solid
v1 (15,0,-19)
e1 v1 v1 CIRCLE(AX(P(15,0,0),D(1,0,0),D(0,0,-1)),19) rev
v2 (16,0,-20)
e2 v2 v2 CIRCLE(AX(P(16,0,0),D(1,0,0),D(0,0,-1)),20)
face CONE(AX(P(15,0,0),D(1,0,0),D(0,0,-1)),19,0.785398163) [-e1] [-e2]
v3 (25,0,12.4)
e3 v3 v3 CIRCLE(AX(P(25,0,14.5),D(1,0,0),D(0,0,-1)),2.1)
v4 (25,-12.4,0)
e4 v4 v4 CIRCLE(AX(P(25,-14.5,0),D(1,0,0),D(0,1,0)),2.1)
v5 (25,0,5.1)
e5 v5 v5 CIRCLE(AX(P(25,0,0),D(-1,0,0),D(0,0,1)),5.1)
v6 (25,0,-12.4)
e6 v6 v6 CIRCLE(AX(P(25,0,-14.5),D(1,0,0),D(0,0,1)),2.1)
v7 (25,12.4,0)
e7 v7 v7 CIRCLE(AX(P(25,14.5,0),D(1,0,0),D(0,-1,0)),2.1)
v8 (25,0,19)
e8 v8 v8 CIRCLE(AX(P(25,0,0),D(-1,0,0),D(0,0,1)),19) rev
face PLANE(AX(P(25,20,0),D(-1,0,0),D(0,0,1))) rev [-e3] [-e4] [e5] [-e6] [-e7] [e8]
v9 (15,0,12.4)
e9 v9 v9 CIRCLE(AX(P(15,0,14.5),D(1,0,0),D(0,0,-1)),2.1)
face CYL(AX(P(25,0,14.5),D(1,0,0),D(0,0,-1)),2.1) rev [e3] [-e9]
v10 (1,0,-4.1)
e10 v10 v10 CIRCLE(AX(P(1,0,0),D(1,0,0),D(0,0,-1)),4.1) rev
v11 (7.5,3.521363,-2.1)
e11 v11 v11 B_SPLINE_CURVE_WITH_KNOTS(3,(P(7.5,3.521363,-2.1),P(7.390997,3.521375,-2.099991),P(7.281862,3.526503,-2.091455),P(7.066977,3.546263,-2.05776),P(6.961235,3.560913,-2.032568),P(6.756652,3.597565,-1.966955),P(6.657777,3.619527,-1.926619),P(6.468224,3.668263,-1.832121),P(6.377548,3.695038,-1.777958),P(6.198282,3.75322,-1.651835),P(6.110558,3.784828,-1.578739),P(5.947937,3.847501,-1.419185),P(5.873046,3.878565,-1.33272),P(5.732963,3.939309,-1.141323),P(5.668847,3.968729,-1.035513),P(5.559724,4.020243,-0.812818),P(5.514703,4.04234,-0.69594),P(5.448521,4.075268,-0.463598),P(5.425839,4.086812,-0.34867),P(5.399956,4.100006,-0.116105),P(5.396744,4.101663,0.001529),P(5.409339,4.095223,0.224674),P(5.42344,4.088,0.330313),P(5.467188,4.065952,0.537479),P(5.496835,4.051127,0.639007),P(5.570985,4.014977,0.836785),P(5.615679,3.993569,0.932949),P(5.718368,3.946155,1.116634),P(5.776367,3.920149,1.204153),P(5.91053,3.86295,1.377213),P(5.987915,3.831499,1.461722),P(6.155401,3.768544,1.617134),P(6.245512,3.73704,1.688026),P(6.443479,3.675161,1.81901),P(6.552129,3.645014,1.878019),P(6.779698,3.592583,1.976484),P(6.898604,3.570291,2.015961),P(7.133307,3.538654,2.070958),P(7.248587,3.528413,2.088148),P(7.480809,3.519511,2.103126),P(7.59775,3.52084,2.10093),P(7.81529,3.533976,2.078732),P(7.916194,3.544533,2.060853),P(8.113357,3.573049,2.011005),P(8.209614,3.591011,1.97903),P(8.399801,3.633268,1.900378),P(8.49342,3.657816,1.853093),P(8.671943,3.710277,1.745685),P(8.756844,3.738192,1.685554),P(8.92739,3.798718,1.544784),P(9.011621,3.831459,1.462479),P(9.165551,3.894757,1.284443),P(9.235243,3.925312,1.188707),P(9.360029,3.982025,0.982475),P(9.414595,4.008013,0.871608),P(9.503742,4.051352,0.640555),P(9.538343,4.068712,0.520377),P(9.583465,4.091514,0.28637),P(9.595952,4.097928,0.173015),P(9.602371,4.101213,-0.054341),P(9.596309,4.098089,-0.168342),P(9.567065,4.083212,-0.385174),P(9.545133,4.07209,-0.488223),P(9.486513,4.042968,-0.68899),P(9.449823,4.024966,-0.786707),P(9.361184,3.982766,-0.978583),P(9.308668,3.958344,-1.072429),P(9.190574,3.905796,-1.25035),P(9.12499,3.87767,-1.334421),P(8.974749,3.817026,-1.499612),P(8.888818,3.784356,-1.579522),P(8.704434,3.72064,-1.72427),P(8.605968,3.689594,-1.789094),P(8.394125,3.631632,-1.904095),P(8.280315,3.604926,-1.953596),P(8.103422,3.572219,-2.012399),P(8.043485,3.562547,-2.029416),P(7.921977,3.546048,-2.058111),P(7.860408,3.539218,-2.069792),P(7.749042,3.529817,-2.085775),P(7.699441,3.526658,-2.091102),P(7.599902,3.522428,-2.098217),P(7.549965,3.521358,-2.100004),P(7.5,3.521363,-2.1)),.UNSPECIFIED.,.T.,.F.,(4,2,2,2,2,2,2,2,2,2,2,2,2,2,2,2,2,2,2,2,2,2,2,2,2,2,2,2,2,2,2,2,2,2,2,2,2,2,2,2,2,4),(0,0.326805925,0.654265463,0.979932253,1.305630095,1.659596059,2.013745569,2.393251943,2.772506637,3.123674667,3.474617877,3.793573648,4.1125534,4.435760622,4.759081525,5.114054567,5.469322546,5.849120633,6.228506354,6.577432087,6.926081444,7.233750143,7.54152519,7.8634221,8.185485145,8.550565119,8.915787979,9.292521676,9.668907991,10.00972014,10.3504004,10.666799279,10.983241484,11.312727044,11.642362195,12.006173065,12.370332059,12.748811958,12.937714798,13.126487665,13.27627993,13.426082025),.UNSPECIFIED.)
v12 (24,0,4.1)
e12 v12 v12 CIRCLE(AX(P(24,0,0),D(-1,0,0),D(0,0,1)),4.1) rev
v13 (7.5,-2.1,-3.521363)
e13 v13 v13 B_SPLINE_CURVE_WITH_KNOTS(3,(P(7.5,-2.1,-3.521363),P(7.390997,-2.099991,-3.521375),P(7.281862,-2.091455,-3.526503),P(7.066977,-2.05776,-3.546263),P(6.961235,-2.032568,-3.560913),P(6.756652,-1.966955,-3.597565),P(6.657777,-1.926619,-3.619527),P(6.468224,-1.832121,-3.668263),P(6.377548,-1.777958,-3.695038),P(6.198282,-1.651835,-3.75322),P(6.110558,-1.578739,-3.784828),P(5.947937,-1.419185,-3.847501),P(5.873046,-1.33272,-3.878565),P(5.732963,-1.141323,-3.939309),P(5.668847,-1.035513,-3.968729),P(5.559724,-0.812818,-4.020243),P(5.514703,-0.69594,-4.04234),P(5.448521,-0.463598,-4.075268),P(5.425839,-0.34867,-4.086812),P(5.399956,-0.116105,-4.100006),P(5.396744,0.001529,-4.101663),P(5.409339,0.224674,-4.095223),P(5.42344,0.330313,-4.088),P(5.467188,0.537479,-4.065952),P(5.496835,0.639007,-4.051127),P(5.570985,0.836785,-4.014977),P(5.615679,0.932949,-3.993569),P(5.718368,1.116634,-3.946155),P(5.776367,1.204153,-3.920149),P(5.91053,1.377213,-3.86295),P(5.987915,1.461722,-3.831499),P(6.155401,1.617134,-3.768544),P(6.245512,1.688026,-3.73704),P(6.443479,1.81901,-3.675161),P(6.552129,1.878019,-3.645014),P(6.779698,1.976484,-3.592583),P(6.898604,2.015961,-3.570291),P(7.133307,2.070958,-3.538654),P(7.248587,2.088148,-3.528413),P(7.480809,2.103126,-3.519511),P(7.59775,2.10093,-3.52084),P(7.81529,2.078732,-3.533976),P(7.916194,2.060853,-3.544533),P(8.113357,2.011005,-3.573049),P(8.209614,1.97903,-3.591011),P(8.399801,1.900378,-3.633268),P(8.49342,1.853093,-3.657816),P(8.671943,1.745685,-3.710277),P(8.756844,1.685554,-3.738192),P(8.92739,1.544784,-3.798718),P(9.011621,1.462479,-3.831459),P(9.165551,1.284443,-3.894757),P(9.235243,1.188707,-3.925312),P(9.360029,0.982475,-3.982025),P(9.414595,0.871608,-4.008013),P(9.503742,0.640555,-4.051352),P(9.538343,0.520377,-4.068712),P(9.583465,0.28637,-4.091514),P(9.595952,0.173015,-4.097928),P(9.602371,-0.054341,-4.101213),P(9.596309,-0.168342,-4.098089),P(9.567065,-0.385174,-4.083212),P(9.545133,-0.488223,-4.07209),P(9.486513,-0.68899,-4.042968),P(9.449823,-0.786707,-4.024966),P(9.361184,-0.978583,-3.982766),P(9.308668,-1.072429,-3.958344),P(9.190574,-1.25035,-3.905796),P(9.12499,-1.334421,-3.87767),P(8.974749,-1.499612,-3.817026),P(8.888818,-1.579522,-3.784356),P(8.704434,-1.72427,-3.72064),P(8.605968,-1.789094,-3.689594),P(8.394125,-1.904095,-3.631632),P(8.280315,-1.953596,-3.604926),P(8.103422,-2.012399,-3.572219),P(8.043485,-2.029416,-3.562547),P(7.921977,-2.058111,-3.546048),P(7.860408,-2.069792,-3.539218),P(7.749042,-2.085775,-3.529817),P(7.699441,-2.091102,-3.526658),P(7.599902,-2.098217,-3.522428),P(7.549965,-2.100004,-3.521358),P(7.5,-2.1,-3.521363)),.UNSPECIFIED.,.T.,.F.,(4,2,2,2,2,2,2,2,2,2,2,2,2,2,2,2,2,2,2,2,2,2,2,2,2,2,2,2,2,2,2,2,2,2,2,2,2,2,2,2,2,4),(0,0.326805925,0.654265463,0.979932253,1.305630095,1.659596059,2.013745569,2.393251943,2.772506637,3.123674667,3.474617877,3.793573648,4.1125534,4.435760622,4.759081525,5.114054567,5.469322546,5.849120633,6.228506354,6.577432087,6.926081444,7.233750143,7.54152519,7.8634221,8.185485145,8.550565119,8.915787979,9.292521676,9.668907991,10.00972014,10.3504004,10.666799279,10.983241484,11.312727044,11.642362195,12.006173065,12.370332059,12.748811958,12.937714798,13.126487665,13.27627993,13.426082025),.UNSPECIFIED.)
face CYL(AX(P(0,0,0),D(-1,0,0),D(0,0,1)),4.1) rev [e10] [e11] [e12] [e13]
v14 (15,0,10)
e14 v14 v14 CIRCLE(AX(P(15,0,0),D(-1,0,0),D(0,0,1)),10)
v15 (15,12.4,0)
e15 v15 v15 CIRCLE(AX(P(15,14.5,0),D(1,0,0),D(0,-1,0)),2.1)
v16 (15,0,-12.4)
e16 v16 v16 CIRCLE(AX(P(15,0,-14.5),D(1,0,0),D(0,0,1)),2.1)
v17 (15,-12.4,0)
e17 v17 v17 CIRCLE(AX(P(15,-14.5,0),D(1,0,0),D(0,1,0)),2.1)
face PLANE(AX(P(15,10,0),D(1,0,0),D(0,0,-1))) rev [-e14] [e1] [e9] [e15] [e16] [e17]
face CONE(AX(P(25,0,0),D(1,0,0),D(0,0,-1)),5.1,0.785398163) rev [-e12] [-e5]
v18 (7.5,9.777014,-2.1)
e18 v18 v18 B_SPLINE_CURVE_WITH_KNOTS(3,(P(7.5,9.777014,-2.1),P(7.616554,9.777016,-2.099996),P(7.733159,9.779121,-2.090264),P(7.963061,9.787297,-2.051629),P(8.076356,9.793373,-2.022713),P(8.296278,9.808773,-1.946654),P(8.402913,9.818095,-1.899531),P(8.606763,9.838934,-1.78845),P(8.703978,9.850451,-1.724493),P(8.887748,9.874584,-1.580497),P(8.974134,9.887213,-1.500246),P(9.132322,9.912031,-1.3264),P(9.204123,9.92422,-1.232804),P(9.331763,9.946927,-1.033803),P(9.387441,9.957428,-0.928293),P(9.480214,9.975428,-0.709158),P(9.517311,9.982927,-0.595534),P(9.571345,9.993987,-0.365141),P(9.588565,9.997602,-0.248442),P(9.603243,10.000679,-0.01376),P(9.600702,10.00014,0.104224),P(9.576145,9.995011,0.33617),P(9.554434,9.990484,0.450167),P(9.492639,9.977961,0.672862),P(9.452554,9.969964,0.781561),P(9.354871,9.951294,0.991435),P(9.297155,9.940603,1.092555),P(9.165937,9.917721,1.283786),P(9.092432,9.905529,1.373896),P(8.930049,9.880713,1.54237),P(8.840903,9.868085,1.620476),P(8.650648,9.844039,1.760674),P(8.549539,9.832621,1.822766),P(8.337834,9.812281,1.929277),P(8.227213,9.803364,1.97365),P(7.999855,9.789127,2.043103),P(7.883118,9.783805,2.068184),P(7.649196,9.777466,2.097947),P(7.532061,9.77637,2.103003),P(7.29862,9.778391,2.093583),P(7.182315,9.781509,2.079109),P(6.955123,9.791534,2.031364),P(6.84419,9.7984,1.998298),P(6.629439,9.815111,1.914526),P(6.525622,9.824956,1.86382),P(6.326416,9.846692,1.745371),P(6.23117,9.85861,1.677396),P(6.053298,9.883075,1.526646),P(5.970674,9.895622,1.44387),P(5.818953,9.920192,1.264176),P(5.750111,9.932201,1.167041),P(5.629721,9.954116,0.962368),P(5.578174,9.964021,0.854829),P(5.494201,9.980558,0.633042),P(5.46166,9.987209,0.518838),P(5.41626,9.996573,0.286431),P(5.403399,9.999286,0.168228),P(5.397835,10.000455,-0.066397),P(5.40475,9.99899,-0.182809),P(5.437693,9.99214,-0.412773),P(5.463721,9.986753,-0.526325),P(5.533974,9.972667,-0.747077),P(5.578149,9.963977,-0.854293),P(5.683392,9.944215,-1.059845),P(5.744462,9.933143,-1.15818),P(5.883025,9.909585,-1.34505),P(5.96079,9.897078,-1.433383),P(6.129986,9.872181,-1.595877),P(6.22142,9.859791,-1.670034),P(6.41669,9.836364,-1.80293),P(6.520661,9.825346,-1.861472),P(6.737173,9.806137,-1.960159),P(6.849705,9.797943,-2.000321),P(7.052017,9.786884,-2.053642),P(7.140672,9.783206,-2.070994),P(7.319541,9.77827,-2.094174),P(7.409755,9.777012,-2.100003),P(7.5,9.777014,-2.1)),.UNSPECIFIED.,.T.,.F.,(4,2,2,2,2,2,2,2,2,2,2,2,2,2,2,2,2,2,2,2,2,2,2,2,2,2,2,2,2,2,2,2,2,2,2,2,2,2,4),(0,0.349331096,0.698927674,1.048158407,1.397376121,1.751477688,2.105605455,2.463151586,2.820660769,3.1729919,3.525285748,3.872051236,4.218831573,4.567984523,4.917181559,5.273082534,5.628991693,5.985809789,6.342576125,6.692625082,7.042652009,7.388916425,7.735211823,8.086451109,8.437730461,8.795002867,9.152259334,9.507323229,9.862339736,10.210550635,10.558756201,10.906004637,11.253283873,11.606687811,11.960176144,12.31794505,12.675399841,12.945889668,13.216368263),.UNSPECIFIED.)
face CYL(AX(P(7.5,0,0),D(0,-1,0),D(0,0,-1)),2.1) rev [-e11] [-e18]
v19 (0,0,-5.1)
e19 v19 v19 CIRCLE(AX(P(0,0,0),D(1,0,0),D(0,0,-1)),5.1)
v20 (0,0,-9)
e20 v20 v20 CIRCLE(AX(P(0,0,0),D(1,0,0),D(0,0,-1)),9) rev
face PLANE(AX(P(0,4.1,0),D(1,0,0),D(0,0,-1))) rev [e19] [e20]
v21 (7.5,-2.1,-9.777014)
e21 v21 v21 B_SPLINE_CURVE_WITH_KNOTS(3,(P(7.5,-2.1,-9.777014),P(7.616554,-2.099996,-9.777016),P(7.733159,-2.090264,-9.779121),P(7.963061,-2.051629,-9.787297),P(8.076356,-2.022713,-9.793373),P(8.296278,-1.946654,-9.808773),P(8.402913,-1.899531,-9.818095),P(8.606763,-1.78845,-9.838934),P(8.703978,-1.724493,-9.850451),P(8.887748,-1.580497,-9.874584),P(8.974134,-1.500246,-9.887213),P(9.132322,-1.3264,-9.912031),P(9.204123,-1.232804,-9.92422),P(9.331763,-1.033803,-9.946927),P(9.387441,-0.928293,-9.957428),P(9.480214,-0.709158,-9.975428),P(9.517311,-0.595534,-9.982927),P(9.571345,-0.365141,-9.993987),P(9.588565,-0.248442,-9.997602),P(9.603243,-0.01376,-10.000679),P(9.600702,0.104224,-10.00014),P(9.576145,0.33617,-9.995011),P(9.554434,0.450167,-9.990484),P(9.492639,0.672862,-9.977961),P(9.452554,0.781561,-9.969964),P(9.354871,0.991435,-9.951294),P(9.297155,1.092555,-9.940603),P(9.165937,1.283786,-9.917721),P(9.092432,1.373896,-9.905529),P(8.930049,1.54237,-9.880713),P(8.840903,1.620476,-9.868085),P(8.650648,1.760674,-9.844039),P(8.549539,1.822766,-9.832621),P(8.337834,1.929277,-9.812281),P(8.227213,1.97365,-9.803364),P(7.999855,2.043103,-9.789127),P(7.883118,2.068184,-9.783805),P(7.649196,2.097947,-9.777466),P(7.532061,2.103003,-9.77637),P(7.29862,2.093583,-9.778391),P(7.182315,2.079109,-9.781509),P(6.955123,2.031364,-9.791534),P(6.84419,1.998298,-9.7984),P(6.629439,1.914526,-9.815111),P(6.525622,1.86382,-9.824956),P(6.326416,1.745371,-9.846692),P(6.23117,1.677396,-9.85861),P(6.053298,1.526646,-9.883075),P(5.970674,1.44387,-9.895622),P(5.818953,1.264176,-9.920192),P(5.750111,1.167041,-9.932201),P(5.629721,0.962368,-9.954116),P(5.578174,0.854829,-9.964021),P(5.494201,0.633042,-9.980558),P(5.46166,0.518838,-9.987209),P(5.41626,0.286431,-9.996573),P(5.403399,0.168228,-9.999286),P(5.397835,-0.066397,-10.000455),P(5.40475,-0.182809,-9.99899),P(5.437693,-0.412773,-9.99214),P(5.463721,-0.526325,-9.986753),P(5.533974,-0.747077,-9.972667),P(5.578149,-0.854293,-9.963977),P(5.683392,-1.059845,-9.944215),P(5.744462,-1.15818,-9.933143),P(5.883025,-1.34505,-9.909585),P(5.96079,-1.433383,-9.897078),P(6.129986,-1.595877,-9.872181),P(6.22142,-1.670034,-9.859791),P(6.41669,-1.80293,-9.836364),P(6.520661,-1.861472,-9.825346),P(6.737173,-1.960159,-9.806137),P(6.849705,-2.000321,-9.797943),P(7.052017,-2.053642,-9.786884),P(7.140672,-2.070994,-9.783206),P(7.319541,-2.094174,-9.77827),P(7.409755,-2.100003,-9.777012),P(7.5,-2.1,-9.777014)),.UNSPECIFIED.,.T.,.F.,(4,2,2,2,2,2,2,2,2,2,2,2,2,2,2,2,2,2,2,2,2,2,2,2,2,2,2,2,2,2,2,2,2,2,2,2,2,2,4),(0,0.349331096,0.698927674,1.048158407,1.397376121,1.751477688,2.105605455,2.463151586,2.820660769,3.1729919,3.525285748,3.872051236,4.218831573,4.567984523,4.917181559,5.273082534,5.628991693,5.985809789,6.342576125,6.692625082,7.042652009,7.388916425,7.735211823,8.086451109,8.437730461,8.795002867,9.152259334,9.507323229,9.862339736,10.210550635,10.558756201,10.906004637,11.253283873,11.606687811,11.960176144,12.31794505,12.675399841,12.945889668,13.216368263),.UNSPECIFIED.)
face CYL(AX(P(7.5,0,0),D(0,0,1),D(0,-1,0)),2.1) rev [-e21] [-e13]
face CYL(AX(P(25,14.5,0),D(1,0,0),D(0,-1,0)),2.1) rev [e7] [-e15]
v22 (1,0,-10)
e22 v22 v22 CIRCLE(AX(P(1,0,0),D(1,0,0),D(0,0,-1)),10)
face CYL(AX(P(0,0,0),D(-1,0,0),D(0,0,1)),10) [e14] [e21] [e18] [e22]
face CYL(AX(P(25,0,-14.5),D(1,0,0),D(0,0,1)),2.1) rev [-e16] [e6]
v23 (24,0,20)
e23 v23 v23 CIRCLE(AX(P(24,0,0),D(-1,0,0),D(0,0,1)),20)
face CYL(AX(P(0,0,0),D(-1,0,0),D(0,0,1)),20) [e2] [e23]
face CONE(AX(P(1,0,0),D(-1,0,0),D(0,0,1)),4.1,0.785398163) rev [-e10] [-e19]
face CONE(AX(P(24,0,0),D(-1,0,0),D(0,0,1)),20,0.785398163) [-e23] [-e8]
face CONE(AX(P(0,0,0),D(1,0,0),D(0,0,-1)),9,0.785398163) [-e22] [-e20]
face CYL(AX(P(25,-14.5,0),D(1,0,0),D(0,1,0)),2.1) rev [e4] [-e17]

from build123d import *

# Parameters (mm, degrees)
M5X0_8_TAPPED_HOLE1_D = 4.2
CIRPATTERN1_COUNT     = 4
SKETCH6_W             = 2.1
SKETCH6_H             = 20
CIRPATTERN2_COUNT     = 2
CIRPATTERN2_ANGLE     = 90
CHAMFER1_SIZE         = 1


with BuildPart() as part:
    # Sketch1 → Revolve1 (revolve)
    with BuildSketch(Plane.XY):
        Polygon((0, 4.1), (0, 10), (15, 10), (15, 20), (25, 20), (25, 4.1), align=None)
    revolve(axis=Axis((0, 0, 0), (1, 0, 0)))

    # M5x0.8 Tapped Hole1 (through all)
    with Locations(Plane(origin=(25, 0, 0), x_dir=(0, 0, -1), z_dir=(1, 0, 0))):
        with Locations((-14.5, 0)):
            m5x0_8_tapped_hole1 = Hole(M5X0_8_TAPPED_HOLE1_D / 2)

    # CirPattern1: M5x0.8 Tapped Hole1 ×4 about axis
    cirpattern1_axis = Axis((0, 0, 0), (1, 0, 0))
    for i in range(1, CIRPATTERN1_COUNT):
        add(m5x0_8_tapped_hole1.rotate(cirpattern1_axis, i * 360 / CIRPATTERN1_COUNT), mode=Mode.SUBTRACT)

    # Sketch6 → M5x0.8 Tapped Hole2 (revolve, cut)
    with BuildSketch(Plane(origin=(7.5, 0, 0), x_dir=(0, 0, -1), z_dir=(1, 0, 0))):
        with Locations((1.05, 10)):
            Rectangle(SKETCH6_W, SKETCH6_H)
    m5x0_8_tapped_hole2 = revolve(axis=Axis((7.5, -6.35, 0), (0, 1, 0)), mode=Mode.SUBTRACT)

    # CirPattern2: M5x0.8 Tapped Hole2 ×2 about axis
    cirpattern2_axis = Axis((25, 0, 0), (-1, 0, 0))
    for i in range(1, CIRPATTERN2_COUNT):
        add(m5x0_8_tapped_hole2.rotate(cirpattern2_axis, i * CIRPATTERN2_ANGLE / (CIRPATTERN2_COUNT - 1)), mode=Mode.SUBTRACT)

    # Chamfer1
    chamfer1_edges = [part.edges().sort_by_distance(p)[0] for p in [
        (25, -4.1, 0),
        (25, -20, 0),
        (15, -20, 0),
        (0, -10, 0),
        (0, -4.1, 0),
    ]]
    chamfer(chamfer1_edges, length=CHAMFER1_SIZE)


solid = part.part
